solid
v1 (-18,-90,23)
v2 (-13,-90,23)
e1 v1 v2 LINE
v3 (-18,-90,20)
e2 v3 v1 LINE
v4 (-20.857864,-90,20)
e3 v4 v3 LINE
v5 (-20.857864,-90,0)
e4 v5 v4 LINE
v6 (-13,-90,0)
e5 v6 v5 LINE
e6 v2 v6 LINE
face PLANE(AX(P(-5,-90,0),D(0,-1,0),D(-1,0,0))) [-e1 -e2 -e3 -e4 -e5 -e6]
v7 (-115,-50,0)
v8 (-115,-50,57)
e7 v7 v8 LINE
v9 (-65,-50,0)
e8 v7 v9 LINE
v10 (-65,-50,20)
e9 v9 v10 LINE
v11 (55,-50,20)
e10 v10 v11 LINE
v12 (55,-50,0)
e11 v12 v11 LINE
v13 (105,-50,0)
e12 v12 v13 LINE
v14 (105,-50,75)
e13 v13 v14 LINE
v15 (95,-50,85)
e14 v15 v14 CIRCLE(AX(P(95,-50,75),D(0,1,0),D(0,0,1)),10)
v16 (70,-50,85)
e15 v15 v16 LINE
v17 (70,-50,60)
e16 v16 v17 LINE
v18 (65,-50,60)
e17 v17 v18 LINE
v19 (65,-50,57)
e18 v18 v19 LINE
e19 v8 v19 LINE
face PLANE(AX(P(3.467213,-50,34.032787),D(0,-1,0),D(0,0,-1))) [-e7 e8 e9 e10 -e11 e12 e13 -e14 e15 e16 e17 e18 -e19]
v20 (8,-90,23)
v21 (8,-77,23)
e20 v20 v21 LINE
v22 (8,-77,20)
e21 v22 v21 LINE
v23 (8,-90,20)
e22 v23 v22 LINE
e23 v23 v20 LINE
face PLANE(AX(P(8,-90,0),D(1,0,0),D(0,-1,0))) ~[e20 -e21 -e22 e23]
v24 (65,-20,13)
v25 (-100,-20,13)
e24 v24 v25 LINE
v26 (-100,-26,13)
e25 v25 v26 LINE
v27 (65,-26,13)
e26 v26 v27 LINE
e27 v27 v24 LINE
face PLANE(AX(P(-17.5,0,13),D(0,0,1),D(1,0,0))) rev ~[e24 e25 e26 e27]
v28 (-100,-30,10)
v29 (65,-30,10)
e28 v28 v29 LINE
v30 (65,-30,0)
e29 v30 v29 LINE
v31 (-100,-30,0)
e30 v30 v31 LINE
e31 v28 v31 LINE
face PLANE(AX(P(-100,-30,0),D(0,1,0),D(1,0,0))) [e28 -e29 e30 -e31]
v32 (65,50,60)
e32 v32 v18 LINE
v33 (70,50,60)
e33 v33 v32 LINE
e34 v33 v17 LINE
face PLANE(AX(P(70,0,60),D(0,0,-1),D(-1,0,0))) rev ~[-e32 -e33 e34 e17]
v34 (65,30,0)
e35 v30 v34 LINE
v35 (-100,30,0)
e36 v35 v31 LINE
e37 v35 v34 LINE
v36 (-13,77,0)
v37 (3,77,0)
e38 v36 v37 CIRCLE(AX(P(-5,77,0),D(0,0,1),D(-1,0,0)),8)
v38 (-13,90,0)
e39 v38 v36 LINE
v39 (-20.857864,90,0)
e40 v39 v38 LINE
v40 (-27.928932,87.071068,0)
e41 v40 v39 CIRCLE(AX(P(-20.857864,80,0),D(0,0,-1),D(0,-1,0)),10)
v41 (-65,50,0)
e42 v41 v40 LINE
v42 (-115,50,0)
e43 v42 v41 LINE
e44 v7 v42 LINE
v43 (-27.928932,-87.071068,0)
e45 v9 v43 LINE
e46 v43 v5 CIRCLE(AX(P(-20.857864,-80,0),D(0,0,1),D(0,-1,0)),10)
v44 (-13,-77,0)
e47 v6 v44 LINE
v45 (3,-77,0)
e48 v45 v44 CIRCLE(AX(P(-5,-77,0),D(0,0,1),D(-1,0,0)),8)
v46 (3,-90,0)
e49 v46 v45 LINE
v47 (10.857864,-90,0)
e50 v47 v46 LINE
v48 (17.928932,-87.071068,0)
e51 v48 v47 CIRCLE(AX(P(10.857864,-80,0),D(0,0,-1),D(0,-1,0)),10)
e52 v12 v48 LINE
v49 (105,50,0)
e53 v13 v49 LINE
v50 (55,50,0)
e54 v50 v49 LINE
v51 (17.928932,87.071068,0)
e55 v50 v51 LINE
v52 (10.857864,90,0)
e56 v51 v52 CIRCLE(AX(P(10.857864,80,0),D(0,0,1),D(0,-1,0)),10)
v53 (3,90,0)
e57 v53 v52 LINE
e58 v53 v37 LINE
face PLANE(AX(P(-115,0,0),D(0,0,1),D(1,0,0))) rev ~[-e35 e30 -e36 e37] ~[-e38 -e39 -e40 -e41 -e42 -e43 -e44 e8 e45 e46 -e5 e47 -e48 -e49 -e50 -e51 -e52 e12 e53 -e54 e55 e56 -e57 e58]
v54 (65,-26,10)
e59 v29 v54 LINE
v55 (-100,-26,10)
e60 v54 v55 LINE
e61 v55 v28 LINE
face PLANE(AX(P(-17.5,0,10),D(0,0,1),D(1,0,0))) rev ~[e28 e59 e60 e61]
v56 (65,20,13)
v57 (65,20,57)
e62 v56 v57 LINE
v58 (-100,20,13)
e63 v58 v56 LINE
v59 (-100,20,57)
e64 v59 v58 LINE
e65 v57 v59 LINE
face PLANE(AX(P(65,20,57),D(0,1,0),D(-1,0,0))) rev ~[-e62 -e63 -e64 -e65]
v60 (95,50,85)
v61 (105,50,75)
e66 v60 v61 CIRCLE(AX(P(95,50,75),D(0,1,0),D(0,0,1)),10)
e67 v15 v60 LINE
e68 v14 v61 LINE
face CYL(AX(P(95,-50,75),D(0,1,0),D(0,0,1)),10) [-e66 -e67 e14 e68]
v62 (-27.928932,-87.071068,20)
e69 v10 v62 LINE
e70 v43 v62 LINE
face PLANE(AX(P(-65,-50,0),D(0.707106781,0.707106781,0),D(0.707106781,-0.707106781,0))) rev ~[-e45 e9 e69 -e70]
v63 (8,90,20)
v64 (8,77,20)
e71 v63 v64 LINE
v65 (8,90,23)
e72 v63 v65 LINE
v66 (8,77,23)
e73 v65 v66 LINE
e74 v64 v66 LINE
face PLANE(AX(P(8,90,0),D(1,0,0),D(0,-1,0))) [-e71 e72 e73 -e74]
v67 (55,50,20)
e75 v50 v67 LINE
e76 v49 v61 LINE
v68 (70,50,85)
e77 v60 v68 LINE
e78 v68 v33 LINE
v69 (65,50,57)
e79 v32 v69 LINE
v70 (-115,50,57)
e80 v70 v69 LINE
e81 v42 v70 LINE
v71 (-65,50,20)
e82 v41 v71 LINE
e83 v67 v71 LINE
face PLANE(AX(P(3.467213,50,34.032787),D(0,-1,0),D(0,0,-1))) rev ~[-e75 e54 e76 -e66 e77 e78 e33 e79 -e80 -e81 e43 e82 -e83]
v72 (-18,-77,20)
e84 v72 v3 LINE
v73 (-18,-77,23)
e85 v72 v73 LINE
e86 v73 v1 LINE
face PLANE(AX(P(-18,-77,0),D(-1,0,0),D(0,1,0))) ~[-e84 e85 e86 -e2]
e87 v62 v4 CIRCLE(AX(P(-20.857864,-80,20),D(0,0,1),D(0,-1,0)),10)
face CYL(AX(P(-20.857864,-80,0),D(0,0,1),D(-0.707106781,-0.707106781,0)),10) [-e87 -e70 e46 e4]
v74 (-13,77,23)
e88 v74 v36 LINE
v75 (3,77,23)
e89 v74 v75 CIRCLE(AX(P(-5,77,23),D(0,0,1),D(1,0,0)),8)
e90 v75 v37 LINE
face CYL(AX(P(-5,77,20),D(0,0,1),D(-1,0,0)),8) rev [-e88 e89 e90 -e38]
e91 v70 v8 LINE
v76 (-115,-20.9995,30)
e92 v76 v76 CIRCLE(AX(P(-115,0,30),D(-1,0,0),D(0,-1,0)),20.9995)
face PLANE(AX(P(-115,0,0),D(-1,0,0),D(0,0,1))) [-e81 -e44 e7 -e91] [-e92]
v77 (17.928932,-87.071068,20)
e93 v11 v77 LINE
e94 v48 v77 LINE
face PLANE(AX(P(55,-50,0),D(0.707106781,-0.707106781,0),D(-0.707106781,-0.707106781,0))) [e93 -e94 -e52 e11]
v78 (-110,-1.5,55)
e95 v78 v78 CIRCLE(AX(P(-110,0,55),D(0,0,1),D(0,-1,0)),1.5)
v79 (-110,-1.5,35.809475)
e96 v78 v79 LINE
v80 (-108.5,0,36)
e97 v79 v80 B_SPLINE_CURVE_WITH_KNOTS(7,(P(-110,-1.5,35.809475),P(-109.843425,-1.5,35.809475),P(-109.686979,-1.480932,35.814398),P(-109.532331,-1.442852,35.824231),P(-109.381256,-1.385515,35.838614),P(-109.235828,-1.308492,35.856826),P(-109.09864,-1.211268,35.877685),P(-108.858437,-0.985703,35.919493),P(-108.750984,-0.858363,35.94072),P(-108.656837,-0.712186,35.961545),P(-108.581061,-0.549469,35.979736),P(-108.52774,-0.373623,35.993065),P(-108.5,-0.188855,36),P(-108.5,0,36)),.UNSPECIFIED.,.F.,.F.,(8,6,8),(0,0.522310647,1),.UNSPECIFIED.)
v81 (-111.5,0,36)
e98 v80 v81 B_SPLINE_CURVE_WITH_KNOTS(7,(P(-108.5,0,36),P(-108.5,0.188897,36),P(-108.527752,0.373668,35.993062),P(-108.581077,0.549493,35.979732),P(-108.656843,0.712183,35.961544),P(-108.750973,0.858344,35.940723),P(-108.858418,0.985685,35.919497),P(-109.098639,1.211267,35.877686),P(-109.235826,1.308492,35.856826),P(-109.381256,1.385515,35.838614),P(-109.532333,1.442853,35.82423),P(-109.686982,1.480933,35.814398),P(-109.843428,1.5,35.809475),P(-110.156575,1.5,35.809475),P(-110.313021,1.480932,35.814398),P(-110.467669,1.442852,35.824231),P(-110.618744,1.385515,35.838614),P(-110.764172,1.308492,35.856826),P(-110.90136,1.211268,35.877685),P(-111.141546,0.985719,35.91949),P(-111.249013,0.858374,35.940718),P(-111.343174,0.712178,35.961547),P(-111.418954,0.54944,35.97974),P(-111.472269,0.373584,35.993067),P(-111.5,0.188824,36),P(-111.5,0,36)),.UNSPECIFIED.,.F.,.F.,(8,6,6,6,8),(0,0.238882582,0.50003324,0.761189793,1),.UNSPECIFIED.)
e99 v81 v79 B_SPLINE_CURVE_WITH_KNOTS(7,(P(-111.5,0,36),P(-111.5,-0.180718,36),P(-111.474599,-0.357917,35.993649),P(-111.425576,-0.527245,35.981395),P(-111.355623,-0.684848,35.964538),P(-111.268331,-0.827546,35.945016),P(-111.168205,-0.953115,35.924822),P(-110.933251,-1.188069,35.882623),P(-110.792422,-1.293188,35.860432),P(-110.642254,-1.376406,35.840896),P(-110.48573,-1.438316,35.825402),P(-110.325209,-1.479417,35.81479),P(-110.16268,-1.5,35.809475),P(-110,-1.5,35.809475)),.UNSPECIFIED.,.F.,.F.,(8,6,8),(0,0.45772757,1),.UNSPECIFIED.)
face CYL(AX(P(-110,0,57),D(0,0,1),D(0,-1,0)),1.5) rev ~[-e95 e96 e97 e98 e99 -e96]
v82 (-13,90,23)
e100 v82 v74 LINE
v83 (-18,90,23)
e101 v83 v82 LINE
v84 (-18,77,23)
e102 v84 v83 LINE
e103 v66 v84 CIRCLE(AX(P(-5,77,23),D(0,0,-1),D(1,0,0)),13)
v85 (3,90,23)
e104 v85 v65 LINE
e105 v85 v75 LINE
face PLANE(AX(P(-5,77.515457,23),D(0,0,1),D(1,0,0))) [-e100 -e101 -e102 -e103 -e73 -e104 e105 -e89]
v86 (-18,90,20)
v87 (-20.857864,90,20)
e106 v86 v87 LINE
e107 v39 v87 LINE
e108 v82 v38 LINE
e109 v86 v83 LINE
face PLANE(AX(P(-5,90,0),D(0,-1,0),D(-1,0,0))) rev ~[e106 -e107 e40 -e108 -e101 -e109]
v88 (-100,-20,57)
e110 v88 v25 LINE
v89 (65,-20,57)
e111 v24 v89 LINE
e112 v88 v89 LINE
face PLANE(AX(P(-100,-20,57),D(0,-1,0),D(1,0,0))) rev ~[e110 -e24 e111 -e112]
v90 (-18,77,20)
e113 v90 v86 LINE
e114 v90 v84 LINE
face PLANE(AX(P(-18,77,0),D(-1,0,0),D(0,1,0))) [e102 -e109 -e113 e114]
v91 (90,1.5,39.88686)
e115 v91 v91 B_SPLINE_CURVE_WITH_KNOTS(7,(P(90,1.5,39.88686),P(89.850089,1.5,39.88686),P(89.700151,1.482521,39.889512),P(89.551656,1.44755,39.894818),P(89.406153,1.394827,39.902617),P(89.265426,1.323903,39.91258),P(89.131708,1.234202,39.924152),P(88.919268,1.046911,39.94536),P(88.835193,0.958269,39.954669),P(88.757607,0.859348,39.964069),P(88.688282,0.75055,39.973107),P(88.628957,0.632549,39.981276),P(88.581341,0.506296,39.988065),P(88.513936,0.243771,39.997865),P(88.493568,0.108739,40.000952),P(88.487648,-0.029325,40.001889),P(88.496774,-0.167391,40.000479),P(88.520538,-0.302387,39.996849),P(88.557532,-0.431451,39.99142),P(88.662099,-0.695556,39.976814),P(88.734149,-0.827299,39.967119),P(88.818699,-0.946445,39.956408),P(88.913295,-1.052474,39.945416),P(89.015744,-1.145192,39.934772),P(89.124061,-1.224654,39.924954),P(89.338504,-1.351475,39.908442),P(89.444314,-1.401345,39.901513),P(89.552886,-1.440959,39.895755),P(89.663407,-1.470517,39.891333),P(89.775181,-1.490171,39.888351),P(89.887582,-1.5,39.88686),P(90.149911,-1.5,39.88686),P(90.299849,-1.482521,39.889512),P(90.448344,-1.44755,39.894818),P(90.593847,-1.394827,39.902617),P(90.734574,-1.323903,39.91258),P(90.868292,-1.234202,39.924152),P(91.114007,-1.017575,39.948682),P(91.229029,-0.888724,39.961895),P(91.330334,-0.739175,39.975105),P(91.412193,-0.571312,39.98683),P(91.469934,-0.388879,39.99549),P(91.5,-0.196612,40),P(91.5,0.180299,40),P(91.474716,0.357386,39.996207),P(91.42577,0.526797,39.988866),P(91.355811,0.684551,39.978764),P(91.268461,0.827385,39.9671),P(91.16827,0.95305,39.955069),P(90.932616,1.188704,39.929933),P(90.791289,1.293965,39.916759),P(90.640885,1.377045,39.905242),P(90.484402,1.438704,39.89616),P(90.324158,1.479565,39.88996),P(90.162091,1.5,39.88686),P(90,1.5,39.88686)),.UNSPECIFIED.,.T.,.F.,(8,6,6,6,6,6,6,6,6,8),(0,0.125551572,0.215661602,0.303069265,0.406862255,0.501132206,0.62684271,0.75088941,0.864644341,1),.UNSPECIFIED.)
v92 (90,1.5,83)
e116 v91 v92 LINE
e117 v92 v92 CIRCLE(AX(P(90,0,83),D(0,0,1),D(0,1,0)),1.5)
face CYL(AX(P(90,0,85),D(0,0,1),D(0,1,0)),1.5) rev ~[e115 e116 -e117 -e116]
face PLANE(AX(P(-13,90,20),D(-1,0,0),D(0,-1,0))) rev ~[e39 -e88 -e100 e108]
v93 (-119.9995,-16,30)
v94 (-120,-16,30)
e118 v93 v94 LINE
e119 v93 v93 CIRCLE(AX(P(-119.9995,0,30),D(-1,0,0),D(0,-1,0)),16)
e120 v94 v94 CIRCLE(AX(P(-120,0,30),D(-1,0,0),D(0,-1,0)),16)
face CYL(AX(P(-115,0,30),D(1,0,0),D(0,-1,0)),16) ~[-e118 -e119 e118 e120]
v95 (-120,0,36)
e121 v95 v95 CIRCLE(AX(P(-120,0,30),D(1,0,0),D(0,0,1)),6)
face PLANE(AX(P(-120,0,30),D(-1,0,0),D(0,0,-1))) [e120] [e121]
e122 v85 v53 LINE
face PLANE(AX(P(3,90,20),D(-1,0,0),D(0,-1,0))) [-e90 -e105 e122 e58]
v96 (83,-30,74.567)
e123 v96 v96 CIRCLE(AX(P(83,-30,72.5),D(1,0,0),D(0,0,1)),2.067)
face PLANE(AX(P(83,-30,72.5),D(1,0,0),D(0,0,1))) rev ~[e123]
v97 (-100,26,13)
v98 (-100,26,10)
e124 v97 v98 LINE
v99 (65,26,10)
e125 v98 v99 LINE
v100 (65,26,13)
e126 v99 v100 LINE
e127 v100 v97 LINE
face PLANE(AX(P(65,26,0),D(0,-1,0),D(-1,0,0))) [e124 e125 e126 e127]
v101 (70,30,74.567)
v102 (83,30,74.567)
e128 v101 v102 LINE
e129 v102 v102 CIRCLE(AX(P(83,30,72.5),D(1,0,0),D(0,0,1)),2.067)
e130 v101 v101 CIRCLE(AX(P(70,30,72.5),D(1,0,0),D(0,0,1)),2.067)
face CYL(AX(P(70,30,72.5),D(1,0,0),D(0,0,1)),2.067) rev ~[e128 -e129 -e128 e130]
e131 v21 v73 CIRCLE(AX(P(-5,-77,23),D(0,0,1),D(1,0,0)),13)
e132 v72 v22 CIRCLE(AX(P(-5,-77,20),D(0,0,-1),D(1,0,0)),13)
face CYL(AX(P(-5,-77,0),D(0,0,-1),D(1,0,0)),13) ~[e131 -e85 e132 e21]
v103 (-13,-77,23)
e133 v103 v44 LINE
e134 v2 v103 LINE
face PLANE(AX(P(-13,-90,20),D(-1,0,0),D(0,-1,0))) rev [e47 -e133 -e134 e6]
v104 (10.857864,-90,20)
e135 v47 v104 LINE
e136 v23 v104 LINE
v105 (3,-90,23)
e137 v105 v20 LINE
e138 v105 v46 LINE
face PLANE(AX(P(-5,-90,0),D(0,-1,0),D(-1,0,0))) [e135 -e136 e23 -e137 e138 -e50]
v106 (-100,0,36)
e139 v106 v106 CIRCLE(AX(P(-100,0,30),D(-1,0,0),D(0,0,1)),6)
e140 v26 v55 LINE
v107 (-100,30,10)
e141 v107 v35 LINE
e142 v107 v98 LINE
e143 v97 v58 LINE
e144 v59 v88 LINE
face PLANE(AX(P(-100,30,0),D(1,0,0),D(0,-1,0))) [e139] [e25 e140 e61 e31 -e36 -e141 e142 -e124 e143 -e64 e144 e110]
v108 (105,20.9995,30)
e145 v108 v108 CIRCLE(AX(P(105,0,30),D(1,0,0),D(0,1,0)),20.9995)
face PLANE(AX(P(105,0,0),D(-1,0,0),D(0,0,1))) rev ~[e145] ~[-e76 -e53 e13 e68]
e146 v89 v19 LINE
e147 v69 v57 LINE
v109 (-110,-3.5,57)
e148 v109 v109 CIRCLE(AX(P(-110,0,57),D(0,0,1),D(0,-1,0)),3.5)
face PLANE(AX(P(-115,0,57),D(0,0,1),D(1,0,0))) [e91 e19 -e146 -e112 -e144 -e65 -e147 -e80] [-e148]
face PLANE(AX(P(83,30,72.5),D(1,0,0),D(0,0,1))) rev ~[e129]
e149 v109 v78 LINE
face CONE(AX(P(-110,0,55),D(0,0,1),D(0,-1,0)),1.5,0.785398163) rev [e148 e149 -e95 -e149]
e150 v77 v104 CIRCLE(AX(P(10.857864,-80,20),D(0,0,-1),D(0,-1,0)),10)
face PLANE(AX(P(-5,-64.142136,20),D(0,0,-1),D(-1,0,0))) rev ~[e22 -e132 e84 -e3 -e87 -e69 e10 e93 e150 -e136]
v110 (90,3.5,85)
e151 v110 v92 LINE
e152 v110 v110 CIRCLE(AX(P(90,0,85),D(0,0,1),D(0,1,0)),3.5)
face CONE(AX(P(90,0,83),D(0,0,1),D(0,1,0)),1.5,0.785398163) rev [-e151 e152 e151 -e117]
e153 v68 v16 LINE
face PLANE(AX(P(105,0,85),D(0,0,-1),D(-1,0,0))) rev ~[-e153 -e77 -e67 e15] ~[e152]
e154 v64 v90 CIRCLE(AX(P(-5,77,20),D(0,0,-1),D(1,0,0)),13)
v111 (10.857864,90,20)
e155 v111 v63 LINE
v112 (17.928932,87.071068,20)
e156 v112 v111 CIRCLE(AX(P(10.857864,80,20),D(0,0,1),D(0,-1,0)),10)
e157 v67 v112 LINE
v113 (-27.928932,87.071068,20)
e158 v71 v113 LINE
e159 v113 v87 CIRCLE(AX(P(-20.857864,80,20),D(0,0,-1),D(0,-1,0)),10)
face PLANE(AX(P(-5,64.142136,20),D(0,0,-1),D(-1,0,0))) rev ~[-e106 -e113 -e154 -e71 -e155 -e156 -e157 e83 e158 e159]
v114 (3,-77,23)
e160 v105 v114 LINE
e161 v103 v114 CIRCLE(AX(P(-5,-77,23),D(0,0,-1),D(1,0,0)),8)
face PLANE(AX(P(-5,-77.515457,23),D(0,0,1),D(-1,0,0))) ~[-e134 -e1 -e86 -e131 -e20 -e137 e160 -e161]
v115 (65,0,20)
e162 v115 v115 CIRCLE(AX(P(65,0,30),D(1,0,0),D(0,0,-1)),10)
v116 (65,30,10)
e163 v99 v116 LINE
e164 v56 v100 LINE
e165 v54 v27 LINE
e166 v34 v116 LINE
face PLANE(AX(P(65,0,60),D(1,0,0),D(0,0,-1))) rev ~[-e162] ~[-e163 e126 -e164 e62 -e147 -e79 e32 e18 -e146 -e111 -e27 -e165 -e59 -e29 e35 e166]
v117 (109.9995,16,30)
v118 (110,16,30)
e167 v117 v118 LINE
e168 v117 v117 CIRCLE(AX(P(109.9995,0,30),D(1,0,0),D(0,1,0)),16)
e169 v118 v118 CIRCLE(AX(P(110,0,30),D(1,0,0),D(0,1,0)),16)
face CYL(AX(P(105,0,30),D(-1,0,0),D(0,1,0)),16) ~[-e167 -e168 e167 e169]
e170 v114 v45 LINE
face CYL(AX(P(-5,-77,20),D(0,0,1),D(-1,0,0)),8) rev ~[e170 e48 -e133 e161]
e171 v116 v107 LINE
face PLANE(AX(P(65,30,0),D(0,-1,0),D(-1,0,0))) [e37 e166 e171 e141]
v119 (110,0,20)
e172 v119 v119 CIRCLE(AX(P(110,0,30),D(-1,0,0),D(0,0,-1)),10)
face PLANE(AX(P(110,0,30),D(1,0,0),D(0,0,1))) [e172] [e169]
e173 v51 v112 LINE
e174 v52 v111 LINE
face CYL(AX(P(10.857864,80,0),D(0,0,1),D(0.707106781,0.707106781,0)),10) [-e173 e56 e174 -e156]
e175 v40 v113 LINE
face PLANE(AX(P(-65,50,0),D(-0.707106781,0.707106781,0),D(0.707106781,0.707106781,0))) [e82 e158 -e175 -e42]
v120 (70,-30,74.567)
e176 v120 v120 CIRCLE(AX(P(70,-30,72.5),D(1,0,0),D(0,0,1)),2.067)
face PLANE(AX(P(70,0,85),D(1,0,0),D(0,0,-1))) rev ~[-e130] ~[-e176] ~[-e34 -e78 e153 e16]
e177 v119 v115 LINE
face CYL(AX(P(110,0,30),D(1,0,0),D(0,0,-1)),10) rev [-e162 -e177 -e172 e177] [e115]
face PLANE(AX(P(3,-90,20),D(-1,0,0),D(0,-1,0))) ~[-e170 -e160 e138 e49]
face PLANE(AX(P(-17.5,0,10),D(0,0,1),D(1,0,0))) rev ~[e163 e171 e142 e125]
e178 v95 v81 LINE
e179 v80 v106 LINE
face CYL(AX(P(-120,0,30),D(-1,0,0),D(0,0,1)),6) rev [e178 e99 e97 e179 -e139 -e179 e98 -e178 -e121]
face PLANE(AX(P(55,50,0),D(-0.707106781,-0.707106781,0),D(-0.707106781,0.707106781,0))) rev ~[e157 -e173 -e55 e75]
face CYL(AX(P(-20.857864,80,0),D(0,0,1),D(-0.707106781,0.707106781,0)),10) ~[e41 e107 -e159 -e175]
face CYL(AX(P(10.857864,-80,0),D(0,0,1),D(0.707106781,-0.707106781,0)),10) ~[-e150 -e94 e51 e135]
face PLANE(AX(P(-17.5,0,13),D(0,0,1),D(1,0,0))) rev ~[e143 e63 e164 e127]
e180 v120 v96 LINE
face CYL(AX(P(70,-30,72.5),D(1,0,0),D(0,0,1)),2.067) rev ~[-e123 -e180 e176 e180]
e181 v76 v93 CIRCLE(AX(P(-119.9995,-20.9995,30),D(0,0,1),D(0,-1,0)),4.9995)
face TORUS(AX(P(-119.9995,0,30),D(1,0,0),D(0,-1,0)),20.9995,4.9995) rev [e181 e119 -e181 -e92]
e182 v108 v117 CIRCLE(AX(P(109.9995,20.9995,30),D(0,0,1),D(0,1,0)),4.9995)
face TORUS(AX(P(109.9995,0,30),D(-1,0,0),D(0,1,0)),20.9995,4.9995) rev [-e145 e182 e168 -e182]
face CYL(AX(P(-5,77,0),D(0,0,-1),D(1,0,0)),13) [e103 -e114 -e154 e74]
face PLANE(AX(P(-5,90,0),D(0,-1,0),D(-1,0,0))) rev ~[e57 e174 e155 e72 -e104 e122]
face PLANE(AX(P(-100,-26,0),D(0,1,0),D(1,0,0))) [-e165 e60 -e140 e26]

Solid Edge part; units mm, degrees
sketch "Sketch1" plane through (0, 0, 0) normal (0, -1, 0) x (1, 0, 0)
  line L0 (105, 85) -> (70, 85)
  line L1 (70, 85) -> (70, 60)
  line L2 (70, 60) -> (65, 60)
  line L3 (65, 60) -> (65, 57)
  line L4 (-115, 57) -> (65, 57)
  line L5 (-115, 0) -> (-115, 57)
  line L6 (-115, 0) -> (105, 0)
  line L7 (105, 0) -> (105, 85)
extrude "Protrusion1" add sketch "Sketch1" along normal mid plane 100
fillet "Round_1" radius 10 1 edges at (105, 0, 85)
sketch "Sketch2" plane through (105, 0, 37.5) normal (1, 0, 0) x (0, 1, 0)
  circle A0 centre (0, -7.5) radius 16
extrude "ExtrudedProtrusion_2" add sketch "Sketch2" along normal blind 5 and the other way blind 121.5371
sketch "Sketch3" plane through (-115, 0, 28.5) normal (-1, 0, 0) x (0, -1, 0)
  circle A0 centre (0, 1.5) radius 16
extrude "ExtrudedProtrusion_4" add sketch "Sketch3" along normal blind 5 and the other way blind 41.3803
sketch "Sketch4" plane through (-25, 0, 57) normal (0, 0, 1) x (0, 1, 0)
  line L0 (-20, 75) -> (-20, -90)
  line L1 (-20, -90) -> (20, -90)
  line L2 (20, -90) -> (20, 75)
  line L3 (20, 75) -> (-20, 75)
extrude "ExtrudedCutout_1" cut sketch "Sketch4" against normal blind 96.6335 and the other way blind 62.4355
hole "Hole_1" at (-120, 0, 30) direction (1, 0, 0) diameter 12 end up to next
hole "Hole_2" at (110, 0, 30) direction (-1, 0, 0) diameter 20 end up to next
sketch "Sketch5" plane through (-5, 0, 0) normal (0, 0, -1) x (1, 0, 0)
  line L0 (-95, 30) -> (70, 30)
  line L1 (70, 30) -> (70, -30)
  line L2 (70, -30) -> (-95, -30)
  line L3 (-95, -30) -> (-95, 30)
extrude "ExtrudedCutout_2" cut sketch "Sketch5" against normal blind 10 and the other way blind 12.0852
sketch "Sketch6" plane through (-5, 0, 0) normal (0, 0, -1) x (1, 0, 0)
  line L0 (-95, 26) -> (70, 26)
  line L1 (70, 26) -> (70, -26)
  line L2 (70, -26) -> (-95, -26)
  line L3 (-95, -26) -> (-95, 26)
extrude "ExtrudedCutout_3" cut sketch "Sketch6" against normal blind 13 and the other way blind 22.4029
hole "Hole_3" at (70, 30, 72.5) direction (1, 0, 0) diameter 4.134 depth 13 thread major 5 thread length 10
hole "Hole1" at (70, -30, 72.5) direction (1, 0, 0) diameter 4.134 depth 13 thread major 5 thread length 10
sketch "Sketch7" plane through (82.5, 0, 85) normal (0, 0, 1) x (0, 1, 0)
  circle A0 centre (0, -7.5) radius 1.5
extrude "ExtrudedCutout_7" cut sketch "Sketch7" against normal up to next and the other way blind 53.7029
chamfer "Chamfer_5" distance 2 angle 45 1 edges at (90, -1.5, 85)
sketch "Sketch8" plane through (-25, 0, 57) normal (0, 0, 1) x (0, -1, 0)
  circle A0 centre (0, -85) radius 1.5
extrude "ExtrudedCutout_8" cut sketch "Sketch8" against normal up to next and the other way blind 4.3365
chamfer "Chamfer_6" distance 2 angle 45 1 edges at (-110, 1.5, 57)
fillet "Round_4" radius 5 1 edges at (105, -16, 30)
fillet "Round_5" radius 5 1 edges at (-115, 16, 30)
sketch "Sketch9" plane through (0, 0, 0) normal (0, 0, 1) x (1, 0, 0)
  line L0 (-5, -90) -> (-25, -90)
  line L1 (-65, -50) -> (-25, -90)
  line L2 (-5, -50) -> (-65, -50)
  line L3 (-5, -50) -> (55, -50)
  line L4 (55, -50) -> (15, -90)
  line L5 (-5, -90) -> (15, -90)
  line L6 (-65, 50) -> (-25, 90)
  line L7 (-5, 90) -> (-25, 90)
  line L8 (-5, 90) -> (15, 90)
  line L9 (55, 50) -> (15, 90)
  line L10 (-5, 50) -> (55, 50)
  line L11 (-5, 50) -> (-65, 50)
extrude "ExtrudedProtrusion_5" add sketch "Sketch9" along normal blind 20
fillet "Round_7" radius 10 4 edges at (-25, -90, 10) (15, -90, 10) (-25, 90, 10) (15, 90, 10)
sketch "Sketch10" plane through (0, 0, 0) normal (0, 0, 1) x (1, 0, 0)
  line L0 (3, 90) -> (3, 77)
  arc A0 (-13, 77) -> (3, 77) centre (-5, 77) ccw
  line L1 (-13, 90) -> (-13, 77)
  line L2 (-18, 90) -> (-13, 90)
  line L3 (-18, 77) -> (-18, 90)
  arc A1 (8, 77) -> (-18, 77) centre (-5, 77) cw
  line L4 (8, 90) -> (8, 77)
  line L5 (3, 90) -> (8, 90)
extrude "ExtrudedProtrusion_7" add sketch "Sketch10" along normal blind 23
sketch "Sketch11" plane through (-5, 79.5, 20) normal (0, 0, 1) x (-1, 0, 0)
  line L0 (-8, -10.5) -> (8, -10.5)
  line L1 (8, -10.5) -> (8, 2.5)
  arc A0 (-8, 2.5) -> (8, 2.5) centre (0, 2.5) cw
  line L2 (-8, -10.5) -> (-8, 2.5)
extrude "Cutout1" cut sketch "Sketch11" against normal through all
mirror "Mirror1" about plane through (0, 0, 0) normal (0, -1, 0) of "ExtrudedProtrusion_7", "Cutout1"
